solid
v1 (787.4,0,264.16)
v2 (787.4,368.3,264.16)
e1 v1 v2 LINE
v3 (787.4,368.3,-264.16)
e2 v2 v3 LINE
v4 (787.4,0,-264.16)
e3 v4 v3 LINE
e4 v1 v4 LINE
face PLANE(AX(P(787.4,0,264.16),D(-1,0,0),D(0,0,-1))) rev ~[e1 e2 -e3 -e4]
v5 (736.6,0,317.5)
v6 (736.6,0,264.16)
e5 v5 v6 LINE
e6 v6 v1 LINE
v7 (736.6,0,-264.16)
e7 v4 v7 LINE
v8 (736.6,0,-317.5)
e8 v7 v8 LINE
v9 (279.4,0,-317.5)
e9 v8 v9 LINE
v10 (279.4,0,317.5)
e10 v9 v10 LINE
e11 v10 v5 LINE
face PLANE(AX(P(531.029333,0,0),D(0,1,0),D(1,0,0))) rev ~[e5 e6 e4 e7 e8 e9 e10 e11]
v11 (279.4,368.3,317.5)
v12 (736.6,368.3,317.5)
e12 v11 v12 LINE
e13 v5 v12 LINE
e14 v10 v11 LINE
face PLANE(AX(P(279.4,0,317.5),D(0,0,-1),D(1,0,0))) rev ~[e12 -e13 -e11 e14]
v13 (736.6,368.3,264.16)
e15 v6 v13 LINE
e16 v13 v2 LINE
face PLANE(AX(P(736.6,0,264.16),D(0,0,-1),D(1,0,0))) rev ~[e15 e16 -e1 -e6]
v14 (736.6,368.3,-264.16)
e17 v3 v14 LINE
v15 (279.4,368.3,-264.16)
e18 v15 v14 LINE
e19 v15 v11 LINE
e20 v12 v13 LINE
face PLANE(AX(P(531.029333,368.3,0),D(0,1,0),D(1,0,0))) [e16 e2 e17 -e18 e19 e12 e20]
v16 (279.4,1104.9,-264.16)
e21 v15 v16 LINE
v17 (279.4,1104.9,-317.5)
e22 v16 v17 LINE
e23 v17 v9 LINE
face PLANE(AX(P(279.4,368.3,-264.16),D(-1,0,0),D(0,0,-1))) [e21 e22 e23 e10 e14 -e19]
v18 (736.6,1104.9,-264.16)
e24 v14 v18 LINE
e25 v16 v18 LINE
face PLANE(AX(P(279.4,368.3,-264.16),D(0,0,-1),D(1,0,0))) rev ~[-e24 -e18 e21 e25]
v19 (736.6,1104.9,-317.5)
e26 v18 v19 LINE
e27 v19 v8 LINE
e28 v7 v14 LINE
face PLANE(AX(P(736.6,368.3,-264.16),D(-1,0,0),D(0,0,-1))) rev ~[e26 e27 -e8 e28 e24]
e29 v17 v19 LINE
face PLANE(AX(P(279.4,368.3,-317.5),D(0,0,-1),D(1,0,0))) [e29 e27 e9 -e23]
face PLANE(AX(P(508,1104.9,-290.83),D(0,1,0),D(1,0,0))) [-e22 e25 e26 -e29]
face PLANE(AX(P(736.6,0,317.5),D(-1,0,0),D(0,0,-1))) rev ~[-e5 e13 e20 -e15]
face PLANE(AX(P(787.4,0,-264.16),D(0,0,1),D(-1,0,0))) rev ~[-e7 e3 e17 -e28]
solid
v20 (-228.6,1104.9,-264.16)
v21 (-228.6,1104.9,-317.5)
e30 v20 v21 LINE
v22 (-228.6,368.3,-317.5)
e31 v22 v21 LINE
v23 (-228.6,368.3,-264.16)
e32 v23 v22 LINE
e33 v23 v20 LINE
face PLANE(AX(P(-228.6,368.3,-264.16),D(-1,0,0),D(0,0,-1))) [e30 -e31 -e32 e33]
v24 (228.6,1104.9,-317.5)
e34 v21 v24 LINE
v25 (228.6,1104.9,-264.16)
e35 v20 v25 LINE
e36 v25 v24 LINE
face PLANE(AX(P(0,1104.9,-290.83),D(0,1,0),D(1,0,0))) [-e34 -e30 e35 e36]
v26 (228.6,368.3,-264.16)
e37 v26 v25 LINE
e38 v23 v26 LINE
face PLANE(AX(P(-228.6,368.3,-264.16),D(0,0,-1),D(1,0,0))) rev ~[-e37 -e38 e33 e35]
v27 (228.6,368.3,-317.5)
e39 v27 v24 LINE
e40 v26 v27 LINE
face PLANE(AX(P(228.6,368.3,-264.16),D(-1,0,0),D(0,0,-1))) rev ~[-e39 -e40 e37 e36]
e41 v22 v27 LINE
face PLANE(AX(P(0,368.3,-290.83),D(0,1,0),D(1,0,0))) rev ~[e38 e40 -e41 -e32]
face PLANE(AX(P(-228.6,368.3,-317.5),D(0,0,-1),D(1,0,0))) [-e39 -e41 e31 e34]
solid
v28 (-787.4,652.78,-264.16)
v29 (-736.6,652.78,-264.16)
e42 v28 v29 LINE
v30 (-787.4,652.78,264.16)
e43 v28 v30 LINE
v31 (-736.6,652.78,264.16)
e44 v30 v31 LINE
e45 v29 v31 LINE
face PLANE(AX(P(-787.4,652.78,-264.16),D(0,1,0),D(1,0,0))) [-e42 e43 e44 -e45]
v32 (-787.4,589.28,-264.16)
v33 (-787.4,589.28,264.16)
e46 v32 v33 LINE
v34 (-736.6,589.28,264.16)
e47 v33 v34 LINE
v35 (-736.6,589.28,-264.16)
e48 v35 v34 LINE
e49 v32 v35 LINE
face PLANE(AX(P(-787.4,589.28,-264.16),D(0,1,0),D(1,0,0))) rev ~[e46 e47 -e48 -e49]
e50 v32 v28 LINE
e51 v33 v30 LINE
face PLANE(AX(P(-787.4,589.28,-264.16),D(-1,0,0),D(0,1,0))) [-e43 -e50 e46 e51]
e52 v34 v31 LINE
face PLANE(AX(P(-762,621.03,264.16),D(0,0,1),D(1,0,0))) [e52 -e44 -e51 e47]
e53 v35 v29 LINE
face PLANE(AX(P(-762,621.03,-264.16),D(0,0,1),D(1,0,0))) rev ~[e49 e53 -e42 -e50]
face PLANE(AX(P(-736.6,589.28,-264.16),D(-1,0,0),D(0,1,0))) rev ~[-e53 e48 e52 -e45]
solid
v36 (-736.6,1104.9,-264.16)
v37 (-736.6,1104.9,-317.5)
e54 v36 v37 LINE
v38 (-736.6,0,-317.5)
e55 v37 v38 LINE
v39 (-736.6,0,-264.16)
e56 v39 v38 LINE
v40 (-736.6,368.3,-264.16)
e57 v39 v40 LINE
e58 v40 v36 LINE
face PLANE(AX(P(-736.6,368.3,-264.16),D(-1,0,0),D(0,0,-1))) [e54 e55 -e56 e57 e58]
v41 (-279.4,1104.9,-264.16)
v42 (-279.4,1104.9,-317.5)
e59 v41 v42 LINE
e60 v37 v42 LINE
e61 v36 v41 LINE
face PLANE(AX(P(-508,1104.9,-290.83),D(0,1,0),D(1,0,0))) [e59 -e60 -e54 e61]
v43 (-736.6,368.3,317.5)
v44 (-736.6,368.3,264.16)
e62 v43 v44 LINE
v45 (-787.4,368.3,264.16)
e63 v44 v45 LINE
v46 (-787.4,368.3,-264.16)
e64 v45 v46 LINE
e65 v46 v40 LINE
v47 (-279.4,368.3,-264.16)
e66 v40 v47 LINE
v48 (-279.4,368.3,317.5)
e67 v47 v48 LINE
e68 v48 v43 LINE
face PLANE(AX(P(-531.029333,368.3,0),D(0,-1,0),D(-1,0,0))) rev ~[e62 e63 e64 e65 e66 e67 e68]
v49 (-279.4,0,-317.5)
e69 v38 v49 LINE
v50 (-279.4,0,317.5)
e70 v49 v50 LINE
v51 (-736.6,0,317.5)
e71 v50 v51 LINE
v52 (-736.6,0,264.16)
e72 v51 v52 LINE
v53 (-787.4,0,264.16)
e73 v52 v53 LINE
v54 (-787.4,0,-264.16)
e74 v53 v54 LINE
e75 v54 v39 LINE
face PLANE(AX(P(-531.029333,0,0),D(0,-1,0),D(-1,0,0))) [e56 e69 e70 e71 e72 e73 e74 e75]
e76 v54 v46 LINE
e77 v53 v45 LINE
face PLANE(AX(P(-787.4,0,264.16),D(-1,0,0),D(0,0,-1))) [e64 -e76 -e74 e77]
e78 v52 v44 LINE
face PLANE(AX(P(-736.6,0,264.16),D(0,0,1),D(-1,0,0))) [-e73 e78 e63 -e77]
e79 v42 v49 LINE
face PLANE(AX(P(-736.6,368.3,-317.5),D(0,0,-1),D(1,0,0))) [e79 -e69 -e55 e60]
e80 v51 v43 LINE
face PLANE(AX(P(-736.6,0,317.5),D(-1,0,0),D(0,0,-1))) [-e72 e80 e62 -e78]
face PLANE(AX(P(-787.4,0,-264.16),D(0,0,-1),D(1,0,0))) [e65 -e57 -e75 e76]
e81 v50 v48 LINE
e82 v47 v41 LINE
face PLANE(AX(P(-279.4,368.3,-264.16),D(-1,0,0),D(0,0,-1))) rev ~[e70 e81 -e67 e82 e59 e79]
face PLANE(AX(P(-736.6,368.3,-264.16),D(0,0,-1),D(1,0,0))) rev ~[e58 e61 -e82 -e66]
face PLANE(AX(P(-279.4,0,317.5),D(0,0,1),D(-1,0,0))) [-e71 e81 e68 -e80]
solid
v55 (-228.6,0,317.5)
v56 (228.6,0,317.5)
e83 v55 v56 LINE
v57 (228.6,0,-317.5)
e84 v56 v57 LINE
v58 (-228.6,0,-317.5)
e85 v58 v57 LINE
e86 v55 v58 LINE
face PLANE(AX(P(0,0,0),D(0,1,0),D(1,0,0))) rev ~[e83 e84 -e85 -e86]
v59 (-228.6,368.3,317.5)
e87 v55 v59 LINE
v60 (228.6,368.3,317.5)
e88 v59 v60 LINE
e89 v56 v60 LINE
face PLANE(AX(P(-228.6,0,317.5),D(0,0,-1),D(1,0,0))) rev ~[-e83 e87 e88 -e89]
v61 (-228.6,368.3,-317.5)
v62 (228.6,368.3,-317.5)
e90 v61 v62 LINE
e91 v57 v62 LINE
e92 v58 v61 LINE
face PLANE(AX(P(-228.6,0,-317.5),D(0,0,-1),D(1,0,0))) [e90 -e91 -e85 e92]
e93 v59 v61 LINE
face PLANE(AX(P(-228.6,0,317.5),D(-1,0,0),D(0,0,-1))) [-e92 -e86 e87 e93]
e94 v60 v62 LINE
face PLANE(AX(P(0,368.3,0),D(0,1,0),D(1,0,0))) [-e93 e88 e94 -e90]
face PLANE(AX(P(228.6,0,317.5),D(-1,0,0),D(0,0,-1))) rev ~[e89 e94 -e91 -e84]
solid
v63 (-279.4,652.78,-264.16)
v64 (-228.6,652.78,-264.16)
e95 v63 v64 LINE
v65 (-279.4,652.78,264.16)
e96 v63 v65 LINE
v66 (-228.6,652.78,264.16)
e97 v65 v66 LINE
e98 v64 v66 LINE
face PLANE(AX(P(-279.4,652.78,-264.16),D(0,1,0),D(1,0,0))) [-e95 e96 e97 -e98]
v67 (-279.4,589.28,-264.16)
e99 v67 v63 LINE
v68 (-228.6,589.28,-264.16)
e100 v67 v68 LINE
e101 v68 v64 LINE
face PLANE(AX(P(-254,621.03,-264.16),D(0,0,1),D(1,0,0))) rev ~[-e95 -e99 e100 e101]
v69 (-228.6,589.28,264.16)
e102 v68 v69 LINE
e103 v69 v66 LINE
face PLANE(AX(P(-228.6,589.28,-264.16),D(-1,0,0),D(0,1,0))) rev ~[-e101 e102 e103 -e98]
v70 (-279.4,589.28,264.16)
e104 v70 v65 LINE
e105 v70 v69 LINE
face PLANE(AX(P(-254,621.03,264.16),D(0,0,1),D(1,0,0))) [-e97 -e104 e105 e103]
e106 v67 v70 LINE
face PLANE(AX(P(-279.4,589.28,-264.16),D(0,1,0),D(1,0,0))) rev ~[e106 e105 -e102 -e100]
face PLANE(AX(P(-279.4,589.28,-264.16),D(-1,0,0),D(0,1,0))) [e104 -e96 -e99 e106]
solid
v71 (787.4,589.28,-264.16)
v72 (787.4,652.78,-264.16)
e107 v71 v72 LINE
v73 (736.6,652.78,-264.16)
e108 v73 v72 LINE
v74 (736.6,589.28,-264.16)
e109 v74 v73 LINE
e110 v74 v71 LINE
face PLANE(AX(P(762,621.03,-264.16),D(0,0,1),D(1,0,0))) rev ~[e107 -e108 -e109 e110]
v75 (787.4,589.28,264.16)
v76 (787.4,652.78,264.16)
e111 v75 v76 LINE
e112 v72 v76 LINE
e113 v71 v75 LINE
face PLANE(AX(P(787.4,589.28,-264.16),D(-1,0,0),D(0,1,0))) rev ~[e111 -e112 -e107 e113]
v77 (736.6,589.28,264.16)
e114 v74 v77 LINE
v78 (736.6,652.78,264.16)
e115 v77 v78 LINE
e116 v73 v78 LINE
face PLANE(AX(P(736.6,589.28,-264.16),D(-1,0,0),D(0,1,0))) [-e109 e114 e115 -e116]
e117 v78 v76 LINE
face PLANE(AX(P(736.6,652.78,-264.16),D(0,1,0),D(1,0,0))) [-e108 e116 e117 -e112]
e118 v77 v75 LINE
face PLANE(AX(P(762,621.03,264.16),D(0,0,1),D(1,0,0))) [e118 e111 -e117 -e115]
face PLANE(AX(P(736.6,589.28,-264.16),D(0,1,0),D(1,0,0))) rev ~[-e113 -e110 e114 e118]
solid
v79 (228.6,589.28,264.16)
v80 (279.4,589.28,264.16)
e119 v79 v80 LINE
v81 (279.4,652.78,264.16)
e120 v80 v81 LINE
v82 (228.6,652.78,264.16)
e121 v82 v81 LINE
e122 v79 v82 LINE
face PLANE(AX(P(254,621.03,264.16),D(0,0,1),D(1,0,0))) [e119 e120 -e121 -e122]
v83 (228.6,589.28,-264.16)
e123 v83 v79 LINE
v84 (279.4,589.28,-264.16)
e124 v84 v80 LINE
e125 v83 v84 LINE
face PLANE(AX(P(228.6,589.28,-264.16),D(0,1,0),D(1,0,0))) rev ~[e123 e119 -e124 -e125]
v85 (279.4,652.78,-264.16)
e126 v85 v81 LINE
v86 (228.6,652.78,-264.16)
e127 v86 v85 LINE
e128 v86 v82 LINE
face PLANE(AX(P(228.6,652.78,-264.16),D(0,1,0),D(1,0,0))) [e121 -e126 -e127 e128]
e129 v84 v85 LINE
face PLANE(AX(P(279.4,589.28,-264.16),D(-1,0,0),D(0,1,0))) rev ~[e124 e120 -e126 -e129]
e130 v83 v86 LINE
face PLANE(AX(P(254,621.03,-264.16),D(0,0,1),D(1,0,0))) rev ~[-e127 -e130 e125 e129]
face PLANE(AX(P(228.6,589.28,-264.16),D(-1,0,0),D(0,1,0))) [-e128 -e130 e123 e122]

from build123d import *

# Parameters (mm, degrees)
BOSS_EXTRUDE1_DEPTH   = 368.3
BOSS_EXTRUDE1_2_DEPTH = 368.3
SKETCH1_W             = 457.2
SKETCH1_H             = 635
BOSS_EXTRUDE1_3_DEPTH = 368.3
SKETCH2_W             = 457.2
SKETCH2_H             = 53.34
BOSS_EXTRUDE2_DEPTH   = 736.6
SKETCH3_W             = 50.8
SKETCH3_H             = 63.5
BOSS_EXTRUDE3_DEPTH   = 528.32
BOSS_EXTRUDE3_2_DEPTH = 528.32
BOSS_EXTRUDE3_3_DEPTH = 528.32
BOSS_EXTRUDE3_4_DEPTH = 528.32


with BuildPart() as part:
    # Sketch1 → Boss-Extrude1 (new body)
    with BuildSketch(Plane(origin=(0, 0, 0), x_dir=(1, 0, 0), z_dir=(0, 1, 0))):
        Polygon((-787.4, 264.16), (-736.6, 264.16), (-736.6, 317.5), (-279.4, 317.5), (-279.4, -317.5), (-736.6, -317.5), (-736.6, -264.16), (-787.4, -264.16), align=None)
    extrude(amount=BOSS_EXTRUDE1_DEPTH)



with BuildPart() as body_2:
    # Sketch1 → Boss-Extrude1 2 (new body)
    with BuildSketch(Plane(origin=(0, 0, 0), x_dir=(1, 0, 0), z_dir=(0, 1, 0))):
        Polygon((279.4, -317.5), (736.6, -317.5), (736.6, -264.16), (787.4, -264.16), (787.4, 264.16), (736.6, 264.16), (736.6, 317.5), (279.4, 317.5), align=None)
    extrude(amount=BOSS_EXTRUDE1_2_DEPTH)


with BuildPart() as body_3:
    # Sketch1 → Boss-Extrude1 3 (new body)
    with BuildSketch(Plane(origin=(0, 0, 0), x_dir=(1, 0, 0), z_dir=(0, 1, 0))):
        Rectangle(SKETCH1_W, SKETCH1_H)
    extrude(amount=BOSS_EXTRUDE1_3_DEPTH)


with BuildPart() as part_1:
    add(part.part)

    add(body_2.part)  # Boss-Extrude2 merges body 2
    # Sketch2 → Boss-Extrude2 (add)
    with BuildSketch(Plane(origin=(0, 368.3, 0), x_dir=(1, 0, 0), z_dir=(0, 1, 0))):
        with Locations((-508, 290.83)):
            Rectangle(SKETCH2_W, SKETCH2_H)
        with Locations((508, 290.83)):
            Rectangle(SKETCH2_W, SKETCH2_H)
        with Locations((0, 290.83)):
            Rectangle(SKETCH2_W, SKETCH2_H)
    extrude(amount=BOSS_EXTRUDE2_DEPTH)


with BuildPart() as body_3_2:
    # Sketch3 → Boss-Extrude3 (new body)
    with BuildSketch(Plane.XY.offset(-264.16)):
        with Locations((-762, 621.03)):
            Rectangle(SKETCH3_W, SKETCH3_H)
    extrude(amount=BOSS_EXTRUDE3_DEPTH)


with BuildPart() as body_4:
    # Sketch3 → Boss-Extrude3 2 (new body)
    with BuildSketch(Plane.XY.offset(-264.16)):
        with Locations((762, 621.03)):
            Rectangle(SKETCH3_W, SKETCH3_H)
    extrude(amount=BOSS_EXTRUDE3_2_DEPTH)


with BuildPart() as body_5:
    # Sketch3 → Boss-Extrude3 3 (new body)
    with BuildSketch(Plane.XY.offset(-264.16)):
        with Locations((-254, 621.03)):
            Rectangle(SKETCH3_W, SKETCH3_H)
    extrude(amount=BOSS_EXTRUDE3_3_DEPTH)


with BuildPart() as body_6:
    # Sketch3 → Boss-Extrude3 4 (new body)
    with BuildSketch(Plane.XY.offset(-264.16)):
        with Locations((254, 621.03)):
            Rectangle(SKETCH3_W, SKETCH3_H)
    extrude(amount=BOSS_EXTRUDE3_4_DEPTH)


solid = Compound([body_3.part, part_1.part, body_3_2.part, body_4.part, body_5.part, body_6.part])
